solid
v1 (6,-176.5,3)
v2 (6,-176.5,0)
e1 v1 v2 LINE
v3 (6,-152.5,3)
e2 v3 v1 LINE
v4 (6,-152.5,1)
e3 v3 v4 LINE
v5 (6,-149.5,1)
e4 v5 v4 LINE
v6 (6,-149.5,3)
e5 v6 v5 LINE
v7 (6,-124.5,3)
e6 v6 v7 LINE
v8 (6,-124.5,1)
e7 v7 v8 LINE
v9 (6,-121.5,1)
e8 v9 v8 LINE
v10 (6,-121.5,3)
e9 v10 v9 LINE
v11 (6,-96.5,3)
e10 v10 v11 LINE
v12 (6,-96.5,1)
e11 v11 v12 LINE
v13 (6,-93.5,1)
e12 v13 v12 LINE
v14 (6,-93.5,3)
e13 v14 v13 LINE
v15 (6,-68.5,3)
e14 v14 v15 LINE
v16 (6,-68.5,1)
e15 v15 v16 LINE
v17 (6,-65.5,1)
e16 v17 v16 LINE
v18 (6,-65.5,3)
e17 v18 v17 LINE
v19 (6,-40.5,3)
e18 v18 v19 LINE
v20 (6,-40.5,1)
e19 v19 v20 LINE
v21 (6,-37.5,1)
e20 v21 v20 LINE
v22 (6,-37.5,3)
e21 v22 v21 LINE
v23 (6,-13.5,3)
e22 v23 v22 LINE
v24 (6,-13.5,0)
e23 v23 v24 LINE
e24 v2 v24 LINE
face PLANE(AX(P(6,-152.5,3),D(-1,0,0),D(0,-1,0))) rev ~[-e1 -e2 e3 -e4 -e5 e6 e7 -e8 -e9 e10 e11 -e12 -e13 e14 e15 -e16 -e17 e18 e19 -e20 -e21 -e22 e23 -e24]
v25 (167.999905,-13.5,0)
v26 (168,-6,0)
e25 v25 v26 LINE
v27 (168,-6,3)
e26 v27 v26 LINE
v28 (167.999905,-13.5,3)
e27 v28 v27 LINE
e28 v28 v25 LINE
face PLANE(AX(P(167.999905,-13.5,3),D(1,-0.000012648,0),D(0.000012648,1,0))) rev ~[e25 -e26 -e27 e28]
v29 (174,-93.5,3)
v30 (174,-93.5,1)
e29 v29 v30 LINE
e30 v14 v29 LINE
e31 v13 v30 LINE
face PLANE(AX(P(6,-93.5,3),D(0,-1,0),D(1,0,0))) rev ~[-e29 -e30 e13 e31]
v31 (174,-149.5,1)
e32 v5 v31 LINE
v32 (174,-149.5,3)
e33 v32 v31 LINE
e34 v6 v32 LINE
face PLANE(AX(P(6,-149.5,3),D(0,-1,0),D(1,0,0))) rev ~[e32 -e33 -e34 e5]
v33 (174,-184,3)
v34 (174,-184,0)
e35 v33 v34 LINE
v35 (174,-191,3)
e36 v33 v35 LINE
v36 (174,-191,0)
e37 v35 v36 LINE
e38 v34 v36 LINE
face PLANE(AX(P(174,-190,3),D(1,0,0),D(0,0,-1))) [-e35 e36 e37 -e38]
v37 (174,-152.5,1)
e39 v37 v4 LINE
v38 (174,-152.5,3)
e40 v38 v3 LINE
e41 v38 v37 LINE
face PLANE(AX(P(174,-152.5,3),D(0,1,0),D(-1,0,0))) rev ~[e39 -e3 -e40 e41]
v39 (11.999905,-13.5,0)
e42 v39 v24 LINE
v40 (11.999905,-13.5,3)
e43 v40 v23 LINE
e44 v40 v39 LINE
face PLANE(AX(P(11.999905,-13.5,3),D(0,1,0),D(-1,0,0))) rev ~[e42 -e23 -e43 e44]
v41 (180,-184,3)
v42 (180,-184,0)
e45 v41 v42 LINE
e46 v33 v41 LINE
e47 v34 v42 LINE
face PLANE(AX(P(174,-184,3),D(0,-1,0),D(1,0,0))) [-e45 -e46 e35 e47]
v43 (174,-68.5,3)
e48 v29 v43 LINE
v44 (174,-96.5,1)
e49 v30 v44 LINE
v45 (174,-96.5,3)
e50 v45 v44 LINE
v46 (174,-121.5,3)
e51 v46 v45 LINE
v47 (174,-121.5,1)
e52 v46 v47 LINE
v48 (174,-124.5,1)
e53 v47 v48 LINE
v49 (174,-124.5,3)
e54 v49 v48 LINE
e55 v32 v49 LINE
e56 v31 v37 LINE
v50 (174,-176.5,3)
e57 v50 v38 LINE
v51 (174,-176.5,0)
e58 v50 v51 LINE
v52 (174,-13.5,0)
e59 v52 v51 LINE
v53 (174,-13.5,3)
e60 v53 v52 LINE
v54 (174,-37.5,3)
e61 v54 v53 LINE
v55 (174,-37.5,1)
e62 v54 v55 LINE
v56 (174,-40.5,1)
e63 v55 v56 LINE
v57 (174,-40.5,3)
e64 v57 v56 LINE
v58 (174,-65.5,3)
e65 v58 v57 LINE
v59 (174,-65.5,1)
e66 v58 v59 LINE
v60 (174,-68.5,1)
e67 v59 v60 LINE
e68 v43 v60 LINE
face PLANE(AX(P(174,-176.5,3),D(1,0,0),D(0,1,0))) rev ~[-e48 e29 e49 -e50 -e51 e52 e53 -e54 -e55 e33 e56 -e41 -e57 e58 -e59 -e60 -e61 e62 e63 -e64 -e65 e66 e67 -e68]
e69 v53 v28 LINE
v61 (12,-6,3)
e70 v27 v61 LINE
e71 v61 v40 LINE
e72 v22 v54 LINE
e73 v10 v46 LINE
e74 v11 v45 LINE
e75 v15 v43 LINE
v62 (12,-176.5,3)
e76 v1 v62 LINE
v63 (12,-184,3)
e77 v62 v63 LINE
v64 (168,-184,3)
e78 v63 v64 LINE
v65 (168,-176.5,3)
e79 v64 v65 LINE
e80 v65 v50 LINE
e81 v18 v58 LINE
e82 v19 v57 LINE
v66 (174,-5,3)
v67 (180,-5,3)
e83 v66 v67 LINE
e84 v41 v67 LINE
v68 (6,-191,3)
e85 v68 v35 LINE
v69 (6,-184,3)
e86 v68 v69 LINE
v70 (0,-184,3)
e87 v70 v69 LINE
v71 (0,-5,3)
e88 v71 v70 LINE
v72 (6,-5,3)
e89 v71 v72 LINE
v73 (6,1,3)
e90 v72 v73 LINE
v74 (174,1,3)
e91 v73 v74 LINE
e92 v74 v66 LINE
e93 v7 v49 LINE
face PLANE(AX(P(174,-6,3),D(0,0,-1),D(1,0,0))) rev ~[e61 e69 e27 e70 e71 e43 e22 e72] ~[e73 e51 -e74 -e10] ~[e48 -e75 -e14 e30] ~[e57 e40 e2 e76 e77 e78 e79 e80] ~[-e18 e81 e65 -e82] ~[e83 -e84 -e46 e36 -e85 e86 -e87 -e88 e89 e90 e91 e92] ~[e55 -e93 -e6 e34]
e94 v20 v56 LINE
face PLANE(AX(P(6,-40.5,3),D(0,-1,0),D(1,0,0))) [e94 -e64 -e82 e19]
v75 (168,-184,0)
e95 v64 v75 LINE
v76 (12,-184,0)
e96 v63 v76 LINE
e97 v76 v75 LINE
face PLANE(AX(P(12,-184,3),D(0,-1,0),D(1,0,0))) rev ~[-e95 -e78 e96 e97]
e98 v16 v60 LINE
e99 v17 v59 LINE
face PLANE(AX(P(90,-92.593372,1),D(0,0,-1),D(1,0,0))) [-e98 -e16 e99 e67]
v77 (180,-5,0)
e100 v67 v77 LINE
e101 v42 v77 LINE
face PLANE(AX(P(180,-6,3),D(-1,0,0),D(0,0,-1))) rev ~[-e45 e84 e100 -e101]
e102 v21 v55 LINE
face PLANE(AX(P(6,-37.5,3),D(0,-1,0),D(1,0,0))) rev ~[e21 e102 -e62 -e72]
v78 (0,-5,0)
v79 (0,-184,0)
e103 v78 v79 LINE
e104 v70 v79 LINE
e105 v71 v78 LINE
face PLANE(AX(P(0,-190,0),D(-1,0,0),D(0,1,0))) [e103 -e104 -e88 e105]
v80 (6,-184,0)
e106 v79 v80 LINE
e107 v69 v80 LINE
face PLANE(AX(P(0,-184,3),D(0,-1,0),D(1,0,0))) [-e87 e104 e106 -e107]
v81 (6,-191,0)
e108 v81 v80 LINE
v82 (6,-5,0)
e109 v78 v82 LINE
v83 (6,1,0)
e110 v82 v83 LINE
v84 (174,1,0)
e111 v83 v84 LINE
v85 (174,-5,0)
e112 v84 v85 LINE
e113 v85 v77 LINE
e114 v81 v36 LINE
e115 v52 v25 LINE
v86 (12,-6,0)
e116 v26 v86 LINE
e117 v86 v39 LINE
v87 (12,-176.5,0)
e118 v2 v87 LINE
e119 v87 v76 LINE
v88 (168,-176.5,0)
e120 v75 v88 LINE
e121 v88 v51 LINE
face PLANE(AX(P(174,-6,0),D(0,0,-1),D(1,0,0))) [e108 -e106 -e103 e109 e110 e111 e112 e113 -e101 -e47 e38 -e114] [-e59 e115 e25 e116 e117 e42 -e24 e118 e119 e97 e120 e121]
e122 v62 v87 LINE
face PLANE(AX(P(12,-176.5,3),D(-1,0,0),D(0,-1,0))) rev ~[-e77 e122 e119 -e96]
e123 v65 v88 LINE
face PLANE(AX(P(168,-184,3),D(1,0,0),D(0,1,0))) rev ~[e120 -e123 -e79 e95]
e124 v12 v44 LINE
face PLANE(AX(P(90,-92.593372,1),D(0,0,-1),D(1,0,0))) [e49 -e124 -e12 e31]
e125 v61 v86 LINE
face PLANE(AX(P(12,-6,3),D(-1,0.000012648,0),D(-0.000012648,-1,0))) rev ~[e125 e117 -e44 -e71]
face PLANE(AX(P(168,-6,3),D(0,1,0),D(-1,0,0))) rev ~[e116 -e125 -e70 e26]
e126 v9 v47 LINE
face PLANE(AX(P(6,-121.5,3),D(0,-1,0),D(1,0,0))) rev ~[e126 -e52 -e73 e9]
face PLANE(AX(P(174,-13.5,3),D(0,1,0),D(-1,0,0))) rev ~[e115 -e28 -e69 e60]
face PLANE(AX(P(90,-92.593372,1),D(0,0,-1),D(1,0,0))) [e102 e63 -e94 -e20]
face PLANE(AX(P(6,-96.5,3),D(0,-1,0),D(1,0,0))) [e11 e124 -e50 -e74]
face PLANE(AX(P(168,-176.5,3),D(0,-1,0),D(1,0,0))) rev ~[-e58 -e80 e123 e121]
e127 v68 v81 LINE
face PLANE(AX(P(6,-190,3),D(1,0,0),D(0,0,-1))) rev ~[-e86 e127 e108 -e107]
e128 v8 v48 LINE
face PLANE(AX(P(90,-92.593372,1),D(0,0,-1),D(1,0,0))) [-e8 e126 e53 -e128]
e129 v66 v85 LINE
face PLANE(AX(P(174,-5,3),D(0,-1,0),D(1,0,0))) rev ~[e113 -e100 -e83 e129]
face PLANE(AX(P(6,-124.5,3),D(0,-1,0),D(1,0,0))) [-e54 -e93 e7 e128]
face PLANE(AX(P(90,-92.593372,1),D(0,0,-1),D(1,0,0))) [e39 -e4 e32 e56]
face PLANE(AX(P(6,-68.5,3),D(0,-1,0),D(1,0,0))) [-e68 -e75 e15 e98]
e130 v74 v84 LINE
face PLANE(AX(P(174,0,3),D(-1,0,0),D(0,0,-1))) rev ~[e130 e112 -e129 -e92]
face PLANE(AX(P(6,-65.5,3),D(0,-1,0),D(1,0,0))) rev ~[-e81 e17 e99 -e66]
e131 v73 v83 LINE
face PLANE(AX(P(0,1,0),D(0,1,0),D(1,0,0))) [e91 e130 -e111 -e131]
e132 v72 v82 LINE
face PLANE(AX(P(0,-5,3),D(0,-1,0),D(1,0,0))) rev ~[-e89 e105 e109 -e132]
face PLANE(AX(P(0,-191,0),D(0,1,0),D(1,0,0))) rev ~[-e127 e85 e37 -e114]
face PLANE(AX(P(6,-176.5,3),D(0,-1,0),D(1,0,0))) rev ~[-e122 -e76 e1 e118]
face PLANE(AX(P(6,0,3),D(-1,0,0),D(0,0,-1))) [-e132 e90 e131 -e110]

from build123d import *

# Parameters (mm, degrees)
F0_W      = 180
F0_H      = 190
F1_DEPTH  = 3
F2_W      = 6
F2_H      = 6
F3_DEPTH  = 3.001
F4_W      = 168
F4_H      = 25
F5_DEPTH  = 3.001
F6_DEPTH  = 1
F7_DEPTH  = 1
F8_DEPTH  = 1
F9_W      = 168
F9_H      = 134.1867442131
F10_DEPTH = 1


with BuildPart() as f1:
    # F0 (on Top) → F1 (new body)
    with BuildSketch(Plane.XY):
        with Locations((90, -95)):
            Rectangle(F0_W, F0_H)
    extrude(amount=F1_DEPTH)

    # F2 (on face) → F3 (cut, through all)
    with BuildSketch(Plane.XY.offset(3)):
        with Locations((3, -187)):
            Rectangle(F2_W, F2_H)
        with Locations((177, -187)):
            Rectangle(F2_W, F2_H)
        with Locations((177, -3)):
            Rectangle(F2_W, F2_H)
        with Locations((3, -3)):
            Rectangle(F2_W, F2_H)
    extrude(amount=-F3_DEPTH, mode=Mode.SUBTRACT)

    # F4 (on face) → F5 (cut, through all)
    with BuildSketch(Plane.XY.offset(3)):
        Polygon((6, -152.5), (6, -176.5), (12, -176.5), (12, -184), (168, -184), (168, -176.5), (174, -176.5), (174, -152.5), align=None)
        with Locations((90, -137)):
            Rectangle(F4_W, F4_H)
        with Locations((90, -109)):
            Rectangle(F4_W, F4_H)
        with Locations((90, -81)):
            Rectangle(F4_W, F4_H)
        with Locations((90, -53)):
            Rectangle(F4_W, F4_H)
        Polygon((6, -13.5), (6, -37.5), (174, -37.5), (174, -13.5), (167.9999051407, -13.5), (168, -6.0000000006), (12, -6), (11.9999051407, -13.5), align=None)
    extrude(amount=-F5_DEPTH, mode=Mode.SUBTRACT)

    # F6 (add): a face of the model
    f6_faces = [f1.faces().sort_by_distance(p)[0] for p in [
        (90, -190, 1.5),
    ]]
    extrude(f6_faces, amount=F6_DEPTH)

    # F7 (add): a face of the model
    f7_faces = [f1.faces().sort_by_distance(p)[0] for p in [
        (90, 0, 1.5),
    ]]
    extrude(f7_faces, amount=F7_DEPTH)

    # F8 (add): faces of the model
    f8_faces = [f1.faces().sort_by_distance(p)[0] for p in [
        (177, -6, 1.5),
        (3, -6, 1.5),
        (3, -184, 1.5),
        (177, -184, 1.5),
    ]]
    extrude(f8_faces, amount=F8_DEPTH, dir=(0, 1, 0))

    # F9 (on face) → F10 (cut)
    with BuildSketch(Plane(origin=(0, 0, 0), x_dir=(1, 0, 0), z_dir=(0, 0, -1))):
        with Locations((90, 92.5933721066)):
            Rectangle(F9_W, F9_H)
    extrude(amount=-F10_DEPTH, mode=Mode.SUBTRACT)


solid = f1.part
